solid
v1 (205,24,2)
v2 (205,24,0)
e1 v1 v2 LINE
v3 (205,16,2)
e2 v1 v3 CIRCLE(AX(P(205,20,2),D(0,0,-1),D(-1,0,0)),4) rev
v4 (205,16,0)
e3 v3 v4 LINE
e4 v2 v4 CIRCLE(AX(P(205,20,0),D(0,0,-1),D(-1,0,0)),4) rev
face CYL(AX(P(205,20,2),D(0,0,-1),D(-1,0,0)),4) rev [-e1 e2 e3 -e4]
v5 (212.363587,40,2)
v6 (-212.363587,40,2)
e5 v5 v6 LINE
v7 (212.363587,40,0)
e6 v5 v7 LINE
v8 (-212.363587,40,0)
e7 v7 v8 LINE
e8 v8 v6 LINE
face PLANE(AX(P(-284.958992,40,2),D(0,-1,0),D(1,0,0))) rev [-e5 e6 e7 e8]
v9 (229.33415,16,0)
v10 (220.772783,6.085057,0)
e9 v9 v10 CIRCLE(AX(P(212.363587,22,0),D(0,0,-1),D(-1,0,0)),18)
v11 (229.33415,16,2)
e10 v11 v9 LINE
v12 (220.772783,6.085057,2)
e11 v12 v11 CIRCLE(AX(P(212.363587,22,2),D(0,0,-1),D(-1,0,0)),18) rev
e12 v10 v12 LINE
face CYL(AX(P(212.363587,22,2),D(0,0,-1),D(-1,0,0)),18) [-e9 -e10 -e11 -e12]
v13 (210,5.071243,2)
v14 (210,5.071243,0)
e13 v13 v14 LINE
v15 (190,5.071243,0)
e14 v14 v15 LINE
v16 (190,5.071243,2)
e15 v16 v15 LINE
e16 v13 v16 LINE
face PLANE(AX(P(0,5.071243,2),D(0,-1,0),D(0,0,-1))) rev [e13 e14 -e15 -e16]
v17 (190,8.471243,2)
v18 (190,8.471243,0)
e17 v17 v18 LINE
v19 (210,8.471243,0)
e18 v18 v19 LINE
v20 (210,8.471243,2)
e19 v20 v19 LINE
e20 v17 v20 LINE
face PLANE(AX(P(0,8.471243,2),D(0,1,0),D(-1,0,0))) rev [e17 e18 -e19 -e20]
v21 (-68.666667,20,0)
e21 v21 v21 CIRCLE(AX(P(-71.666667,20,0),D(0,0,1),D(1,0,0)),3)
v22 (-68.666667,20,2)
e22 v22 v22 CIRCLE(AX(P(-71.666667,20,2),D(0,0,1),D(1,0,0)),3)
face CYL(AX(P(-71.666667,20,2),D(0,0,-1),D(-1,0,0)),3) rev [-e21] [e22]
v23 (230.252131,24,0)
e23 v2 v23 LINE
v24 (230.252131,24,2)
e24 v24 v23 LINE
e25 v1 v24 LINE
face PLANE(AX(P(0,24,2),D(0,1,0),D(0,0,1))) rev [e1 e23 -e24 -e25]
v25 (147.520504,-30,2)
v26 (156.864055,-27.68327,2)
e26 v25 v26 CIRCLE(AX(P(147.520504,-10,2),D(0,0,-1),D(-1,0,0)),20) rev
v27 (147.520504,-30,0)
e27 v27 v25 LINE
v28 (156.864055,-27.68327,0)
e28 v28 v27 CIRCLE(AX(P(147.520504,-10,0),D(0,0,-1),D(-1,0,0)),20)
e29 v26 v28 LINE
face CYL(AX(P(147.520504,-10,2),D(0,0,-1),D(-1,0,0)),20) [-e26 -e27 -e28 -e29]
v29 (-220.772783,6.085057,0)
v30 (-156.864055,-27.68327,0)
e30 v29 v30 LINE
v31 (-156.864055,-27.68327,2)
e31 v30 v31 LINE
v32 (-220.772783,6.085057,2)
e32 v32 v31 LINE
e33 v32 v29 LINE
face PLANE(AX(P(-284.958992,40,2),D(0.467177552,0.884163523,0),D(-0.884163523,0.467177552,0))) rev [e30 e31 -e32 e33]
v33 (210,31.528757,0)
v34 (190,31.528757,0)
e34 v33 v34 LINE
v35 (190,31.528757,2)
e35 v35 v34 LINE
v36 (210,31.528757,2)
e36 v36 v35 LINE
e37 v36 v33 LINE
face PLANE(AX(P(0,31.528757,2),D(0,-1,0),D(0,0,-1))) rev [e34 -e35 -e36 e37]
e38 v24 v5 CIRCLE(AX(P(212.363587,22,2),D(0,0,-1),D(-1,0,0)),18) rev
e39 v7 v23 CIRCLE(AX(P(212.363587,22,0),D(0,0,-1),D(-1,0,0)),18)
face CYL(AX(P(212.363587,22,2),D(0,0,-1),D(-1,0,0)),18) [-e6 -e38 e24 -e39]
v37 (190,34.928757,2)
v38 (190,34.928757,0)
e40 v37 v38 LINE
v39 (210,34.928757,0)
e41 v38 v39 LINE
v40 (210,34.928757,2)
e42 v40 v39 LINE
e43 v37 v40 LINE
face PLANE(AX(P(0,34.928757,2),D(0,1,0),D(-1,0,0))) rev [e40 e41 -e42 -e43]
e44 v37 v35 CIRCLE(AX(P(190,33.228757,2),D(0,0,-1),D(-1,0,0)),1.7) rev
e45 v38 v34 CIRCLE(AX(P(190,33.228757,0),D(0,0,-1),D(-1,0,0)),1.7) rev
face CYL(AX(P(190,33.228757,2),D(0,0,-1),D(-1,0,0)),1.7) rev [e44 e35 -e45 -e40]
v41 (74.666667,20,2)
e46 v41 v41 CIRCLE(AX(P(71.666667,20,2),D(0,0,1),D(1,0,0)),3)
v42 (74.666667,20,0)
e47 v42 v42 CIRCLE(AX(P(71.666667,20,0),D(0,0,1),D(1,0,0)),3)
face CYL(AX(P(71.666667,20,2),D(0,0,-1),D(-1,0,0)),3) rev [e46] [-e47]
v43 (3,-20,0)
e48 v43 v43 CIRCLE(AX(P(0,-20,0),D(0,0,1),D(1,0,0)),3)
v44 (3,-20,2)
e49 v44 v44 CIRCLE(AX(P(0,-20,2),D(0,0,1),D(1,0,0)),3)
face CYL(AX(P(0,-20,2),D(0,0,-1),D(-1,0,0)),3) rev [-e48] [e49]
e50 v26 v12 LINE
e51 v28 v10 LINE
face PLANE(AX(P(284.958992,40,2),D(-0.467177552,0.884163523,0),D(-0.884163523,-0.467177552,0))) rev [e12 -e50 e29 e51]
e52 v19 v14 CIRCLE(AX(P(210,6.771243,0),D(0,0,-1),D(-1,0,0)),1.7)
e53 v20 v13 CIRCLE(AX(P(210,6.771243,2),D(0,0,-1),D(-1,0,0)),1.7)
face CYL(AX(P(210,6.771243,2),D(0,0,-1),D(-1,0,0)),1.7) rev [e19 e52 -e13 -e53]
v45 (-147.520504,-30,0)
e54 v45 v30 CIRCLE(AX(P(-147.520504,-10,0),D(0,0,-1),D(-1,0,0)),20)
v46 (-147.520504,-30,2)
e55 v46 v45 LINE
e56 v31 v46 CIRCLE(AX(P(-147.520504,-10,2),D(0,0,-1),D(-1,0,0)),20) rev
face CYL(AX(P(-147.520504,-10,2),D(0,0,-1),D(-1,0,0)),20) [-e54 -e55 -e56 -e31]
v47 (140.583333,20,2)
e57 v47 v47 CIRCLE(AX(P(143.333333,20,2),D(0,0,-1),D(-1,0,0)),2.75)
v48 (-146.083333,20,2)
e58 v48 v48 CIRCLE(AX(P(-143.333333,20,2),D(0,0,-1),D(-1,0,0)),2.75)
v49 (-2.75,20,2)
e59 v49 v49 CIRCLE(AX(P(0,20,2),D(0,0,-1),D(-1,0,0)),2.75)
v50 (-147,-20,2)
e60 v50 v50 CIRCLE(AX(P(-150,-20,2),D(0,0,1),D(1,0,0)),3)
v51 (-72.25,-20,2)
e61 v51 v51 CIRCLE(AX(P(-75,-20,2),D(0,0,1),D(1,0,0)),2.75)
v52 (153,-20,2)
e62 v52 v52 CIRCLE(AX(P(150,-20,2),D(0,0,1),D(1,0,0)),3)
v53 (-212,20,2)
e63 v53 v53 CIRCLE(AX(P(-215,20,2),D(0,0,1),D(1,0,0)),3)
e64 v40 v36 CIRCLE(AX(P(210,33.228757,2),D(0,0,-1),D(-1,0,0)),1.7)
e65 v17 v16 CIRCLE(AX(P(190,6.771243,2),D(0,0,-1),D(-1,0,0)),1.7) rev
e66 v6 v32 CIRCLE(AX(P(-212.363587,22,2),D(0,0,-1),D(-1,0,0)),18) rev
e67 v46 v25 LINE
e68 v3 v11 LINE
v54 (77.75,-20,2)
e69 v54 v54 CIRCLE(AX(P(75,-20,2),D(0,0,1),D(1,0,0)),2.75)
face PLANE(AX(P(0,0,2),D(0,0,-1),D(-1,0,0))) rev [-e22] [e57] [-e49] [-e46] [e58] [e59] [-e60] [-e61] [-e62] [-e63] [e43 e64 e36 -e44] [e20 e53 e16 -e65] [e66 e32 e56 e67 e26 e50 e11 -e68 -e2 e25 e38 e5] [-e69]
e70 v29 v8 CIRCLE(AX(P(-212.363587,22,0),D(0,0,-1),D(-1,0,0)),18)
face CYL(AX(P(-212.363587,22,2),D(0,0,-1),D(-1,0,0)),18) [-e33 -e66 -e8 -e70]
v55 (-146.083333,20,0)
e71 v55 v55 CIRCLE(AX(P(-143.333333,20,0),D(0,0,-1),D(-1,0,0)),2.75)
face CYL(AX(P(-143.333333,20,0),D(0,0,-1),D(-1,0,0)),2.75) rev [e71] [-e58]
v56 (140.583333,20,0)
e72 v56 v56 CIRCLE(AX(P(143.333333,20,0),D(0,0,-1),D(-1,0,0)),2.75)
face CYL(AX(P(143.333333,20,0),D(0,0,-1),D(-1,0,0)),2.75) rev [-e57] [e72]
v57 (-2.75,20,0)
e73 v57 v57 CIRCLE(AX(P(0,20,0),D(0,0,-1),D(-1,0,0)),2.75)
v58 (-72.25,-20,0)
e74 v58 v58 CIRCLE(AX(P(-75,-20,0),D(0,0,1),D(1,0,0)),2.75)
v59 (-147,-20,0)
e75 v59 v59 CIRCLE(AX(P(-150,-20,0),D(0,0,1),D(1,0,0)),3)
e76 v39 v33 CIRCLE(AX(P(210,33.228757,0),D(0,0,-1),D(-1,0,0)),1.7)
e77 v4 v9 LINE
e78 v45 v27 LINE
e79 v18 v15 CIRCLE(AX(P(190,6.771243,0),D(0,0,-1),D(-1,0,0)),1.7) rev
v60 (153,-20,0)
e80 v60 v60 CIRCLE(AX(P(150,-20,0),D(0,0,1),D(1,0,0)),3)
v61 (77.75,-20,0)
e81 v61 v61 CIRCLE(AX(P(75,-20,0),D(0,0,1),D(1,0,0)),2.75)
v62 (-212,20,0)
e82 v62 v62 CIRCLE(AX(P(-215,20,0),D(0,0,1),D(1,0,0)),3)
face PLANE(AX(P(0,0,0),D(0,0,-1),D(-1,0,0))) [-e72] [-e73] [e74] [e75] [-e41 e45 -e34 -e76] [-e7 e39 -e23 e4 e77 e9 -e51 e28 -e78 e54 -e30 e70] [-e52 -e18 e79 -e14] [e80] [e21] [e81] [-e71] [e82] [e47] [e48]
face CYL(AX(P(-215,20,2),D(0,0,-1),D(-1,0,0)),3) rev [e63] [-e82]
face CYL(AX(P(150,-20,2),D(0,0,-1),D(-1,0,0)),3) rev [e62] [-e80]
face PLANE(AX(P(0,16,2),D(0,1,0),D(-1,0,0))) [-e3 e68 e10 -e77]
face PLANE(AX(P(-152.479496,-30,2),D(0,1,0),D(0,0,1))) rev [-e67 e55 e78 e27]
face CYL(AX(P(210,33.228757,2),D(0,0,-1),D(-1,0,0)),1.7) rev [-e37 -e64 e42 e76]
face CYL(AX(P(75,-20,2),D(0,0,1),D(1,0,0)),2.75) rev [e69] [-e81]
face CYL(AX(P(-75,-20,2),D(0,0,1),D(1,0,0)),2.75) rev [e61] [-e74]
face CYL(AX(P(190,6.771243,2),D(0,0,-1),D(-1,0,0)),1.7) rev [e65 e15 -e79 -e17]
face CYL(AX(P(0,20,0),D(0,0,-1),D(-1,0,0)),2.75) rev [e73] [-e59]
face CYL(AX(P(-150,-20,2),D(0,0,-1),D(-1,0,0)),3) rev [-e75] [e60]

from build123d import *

# Parameters (mm, degrees)
ESQUISSE1_R             = 3
BOSS_EXTRU_1_DEPTH      = 2
CONG_1_R                = 18
CONG_2_R                = 20
D_GAGEMENT_M31_D        = 3.4
ENL_V_MAT_EXTRU_1_DEPTH = 234.819122898
D_GAGEMENT_M51_D        = 5.5
D_GAGEMENT_M52_D        = 5.5


with BuildPart() as part:
    # Esquisse1 → Boss.-Extru.1 (new body)
    with BuildSketch(Plane.XY):
        Polygon((-284.958991582, 40), (-150, 40), (150, 40), (284.958991582, 40), (152.479495791, -30), (-152.479495791, -30), align=None)
        with Locations((-215, 20)):
            Circle(ESQUISSE1_R, mode=Mode.SUBTRACT)
        with Locations((-150, -20)):
            Circle(ESQUISSE1_R, mode=Mode.SUBTRACT)
        with Locations((150, -20)):
            Circle(ESQUISSE1_R, mode=Mode.SUBTRACT)
        with Locations((215, 20)):
            Circle(ESQUISSE1_R, mode=Mode.SUBTRACT)
        with Locations((0, -20)):
            Circle(ESQUISSE1_R, mode=Mode.SUBTRACT)
        with Locations((-71.666666667, 20)):
            Circle(ESQUISSE1_R, mode=Mode.SUBTRACT)
        with Locations((71.666666667, 20)):
            Circle(ESQUISSE1_R, mode=Mode.SUBTRACT)
    extrude(amount=BOSS_EXTRU_1_DEPTH)

    # Congé1
    cong_1_edges = [part.edges().sort_by_distance(p)[0] for p in [
        (-284.958991582, 40, 1),
        (284.958991582, 40, 1),
    ]]
    fillet(cong_1_edges, radius=CONG_1_R)

    # Congé2
    cong_2_edges = [part.edges().sort_by_distance(p)[0] for p in [
        (152.479495791, -30, 1),
        (-152.479495791, -30, 1),
    ]]
    fillet(cong_2_edges, radius=CONG_2_R)

    # Dégagement M31 (through all)
    with Locations(Plane(origin=(0, 0, 0), x_dir=(-1, 0, 0), z_dir=(0, 0, -1))):
        with Locations((-200, 33.228756555), (-200, 6.771243445)):
            Hole(D_GAGEMENT_M31_D / 2)

    # Esquisse4 → Enlèv. mat.-Extru.1 (cut, through all)
    with BuildSketch(Plane(origin=(0, 0, 0), x_dir=(-1, 0, 0), z_dir=(0, 0, -1))):
        with BuildLine():
            Line((-229.334149786, 16), (-205, 16))
            ThreePointArc((-205, 16), (-201, 20), (-205, 24))
            Line((-205, 24), (-230.252130857, 24))
            ThreePointArc((-230.252130857, 24), (-230.246241418, 19.948007721), (-229.334149786, 16))
        make_face()
        with BuildLine():
            Line((-210, 31.528756555), (-190, 31.528756555))
            ThreePointArc((-190, 31.528756555), (-188.3, 33.228756555), (-190, 34.928756555))
            Line((-190, 34.928756555), (-210, 34.928756555))
            ThreePointArc((-210, 34.928756555), (-211.7, 33.228756555), (-210, 31.528756555))
        make_face()
        with BuildLine():
            Line((-210, 5.071243445), (-190, 5.071243445))
            ThreePointArc((-190, 5.071243445), (-188.3, 6.771243445), (-190, 8.471243445))
            Line((-190, 8.471243445), (-210, 8.471243445))
            ThreePointArc((-210, 8.471243445), (-211.7, 6.771243445), (-210, 5.071243445))
        make_face()
    extrude(amount=-ENL_V_MAT_EXTRU_1_DEPTH, mode=Mode.SUBTRACT)

    # Dégagement M51 (through all)
    with Locations(Plane(origin=(0, 0, 0), x_dir=(-1, 0, 0), z_dir=(0, 0, -1))):
        with Locations((143.333333333, 20), (0, 20), (-143.333333333, 20)):
            Hole(D_GAGEMENT_M51_D / 2)

    # Dégagement M52 (through all)
    with Locations(Plane.XY.offset(2)):
        with Locations((-75, -20), (75, -20)):
            Hole(D_GAGEMENT_M52_D / 2)


solid = part.part
